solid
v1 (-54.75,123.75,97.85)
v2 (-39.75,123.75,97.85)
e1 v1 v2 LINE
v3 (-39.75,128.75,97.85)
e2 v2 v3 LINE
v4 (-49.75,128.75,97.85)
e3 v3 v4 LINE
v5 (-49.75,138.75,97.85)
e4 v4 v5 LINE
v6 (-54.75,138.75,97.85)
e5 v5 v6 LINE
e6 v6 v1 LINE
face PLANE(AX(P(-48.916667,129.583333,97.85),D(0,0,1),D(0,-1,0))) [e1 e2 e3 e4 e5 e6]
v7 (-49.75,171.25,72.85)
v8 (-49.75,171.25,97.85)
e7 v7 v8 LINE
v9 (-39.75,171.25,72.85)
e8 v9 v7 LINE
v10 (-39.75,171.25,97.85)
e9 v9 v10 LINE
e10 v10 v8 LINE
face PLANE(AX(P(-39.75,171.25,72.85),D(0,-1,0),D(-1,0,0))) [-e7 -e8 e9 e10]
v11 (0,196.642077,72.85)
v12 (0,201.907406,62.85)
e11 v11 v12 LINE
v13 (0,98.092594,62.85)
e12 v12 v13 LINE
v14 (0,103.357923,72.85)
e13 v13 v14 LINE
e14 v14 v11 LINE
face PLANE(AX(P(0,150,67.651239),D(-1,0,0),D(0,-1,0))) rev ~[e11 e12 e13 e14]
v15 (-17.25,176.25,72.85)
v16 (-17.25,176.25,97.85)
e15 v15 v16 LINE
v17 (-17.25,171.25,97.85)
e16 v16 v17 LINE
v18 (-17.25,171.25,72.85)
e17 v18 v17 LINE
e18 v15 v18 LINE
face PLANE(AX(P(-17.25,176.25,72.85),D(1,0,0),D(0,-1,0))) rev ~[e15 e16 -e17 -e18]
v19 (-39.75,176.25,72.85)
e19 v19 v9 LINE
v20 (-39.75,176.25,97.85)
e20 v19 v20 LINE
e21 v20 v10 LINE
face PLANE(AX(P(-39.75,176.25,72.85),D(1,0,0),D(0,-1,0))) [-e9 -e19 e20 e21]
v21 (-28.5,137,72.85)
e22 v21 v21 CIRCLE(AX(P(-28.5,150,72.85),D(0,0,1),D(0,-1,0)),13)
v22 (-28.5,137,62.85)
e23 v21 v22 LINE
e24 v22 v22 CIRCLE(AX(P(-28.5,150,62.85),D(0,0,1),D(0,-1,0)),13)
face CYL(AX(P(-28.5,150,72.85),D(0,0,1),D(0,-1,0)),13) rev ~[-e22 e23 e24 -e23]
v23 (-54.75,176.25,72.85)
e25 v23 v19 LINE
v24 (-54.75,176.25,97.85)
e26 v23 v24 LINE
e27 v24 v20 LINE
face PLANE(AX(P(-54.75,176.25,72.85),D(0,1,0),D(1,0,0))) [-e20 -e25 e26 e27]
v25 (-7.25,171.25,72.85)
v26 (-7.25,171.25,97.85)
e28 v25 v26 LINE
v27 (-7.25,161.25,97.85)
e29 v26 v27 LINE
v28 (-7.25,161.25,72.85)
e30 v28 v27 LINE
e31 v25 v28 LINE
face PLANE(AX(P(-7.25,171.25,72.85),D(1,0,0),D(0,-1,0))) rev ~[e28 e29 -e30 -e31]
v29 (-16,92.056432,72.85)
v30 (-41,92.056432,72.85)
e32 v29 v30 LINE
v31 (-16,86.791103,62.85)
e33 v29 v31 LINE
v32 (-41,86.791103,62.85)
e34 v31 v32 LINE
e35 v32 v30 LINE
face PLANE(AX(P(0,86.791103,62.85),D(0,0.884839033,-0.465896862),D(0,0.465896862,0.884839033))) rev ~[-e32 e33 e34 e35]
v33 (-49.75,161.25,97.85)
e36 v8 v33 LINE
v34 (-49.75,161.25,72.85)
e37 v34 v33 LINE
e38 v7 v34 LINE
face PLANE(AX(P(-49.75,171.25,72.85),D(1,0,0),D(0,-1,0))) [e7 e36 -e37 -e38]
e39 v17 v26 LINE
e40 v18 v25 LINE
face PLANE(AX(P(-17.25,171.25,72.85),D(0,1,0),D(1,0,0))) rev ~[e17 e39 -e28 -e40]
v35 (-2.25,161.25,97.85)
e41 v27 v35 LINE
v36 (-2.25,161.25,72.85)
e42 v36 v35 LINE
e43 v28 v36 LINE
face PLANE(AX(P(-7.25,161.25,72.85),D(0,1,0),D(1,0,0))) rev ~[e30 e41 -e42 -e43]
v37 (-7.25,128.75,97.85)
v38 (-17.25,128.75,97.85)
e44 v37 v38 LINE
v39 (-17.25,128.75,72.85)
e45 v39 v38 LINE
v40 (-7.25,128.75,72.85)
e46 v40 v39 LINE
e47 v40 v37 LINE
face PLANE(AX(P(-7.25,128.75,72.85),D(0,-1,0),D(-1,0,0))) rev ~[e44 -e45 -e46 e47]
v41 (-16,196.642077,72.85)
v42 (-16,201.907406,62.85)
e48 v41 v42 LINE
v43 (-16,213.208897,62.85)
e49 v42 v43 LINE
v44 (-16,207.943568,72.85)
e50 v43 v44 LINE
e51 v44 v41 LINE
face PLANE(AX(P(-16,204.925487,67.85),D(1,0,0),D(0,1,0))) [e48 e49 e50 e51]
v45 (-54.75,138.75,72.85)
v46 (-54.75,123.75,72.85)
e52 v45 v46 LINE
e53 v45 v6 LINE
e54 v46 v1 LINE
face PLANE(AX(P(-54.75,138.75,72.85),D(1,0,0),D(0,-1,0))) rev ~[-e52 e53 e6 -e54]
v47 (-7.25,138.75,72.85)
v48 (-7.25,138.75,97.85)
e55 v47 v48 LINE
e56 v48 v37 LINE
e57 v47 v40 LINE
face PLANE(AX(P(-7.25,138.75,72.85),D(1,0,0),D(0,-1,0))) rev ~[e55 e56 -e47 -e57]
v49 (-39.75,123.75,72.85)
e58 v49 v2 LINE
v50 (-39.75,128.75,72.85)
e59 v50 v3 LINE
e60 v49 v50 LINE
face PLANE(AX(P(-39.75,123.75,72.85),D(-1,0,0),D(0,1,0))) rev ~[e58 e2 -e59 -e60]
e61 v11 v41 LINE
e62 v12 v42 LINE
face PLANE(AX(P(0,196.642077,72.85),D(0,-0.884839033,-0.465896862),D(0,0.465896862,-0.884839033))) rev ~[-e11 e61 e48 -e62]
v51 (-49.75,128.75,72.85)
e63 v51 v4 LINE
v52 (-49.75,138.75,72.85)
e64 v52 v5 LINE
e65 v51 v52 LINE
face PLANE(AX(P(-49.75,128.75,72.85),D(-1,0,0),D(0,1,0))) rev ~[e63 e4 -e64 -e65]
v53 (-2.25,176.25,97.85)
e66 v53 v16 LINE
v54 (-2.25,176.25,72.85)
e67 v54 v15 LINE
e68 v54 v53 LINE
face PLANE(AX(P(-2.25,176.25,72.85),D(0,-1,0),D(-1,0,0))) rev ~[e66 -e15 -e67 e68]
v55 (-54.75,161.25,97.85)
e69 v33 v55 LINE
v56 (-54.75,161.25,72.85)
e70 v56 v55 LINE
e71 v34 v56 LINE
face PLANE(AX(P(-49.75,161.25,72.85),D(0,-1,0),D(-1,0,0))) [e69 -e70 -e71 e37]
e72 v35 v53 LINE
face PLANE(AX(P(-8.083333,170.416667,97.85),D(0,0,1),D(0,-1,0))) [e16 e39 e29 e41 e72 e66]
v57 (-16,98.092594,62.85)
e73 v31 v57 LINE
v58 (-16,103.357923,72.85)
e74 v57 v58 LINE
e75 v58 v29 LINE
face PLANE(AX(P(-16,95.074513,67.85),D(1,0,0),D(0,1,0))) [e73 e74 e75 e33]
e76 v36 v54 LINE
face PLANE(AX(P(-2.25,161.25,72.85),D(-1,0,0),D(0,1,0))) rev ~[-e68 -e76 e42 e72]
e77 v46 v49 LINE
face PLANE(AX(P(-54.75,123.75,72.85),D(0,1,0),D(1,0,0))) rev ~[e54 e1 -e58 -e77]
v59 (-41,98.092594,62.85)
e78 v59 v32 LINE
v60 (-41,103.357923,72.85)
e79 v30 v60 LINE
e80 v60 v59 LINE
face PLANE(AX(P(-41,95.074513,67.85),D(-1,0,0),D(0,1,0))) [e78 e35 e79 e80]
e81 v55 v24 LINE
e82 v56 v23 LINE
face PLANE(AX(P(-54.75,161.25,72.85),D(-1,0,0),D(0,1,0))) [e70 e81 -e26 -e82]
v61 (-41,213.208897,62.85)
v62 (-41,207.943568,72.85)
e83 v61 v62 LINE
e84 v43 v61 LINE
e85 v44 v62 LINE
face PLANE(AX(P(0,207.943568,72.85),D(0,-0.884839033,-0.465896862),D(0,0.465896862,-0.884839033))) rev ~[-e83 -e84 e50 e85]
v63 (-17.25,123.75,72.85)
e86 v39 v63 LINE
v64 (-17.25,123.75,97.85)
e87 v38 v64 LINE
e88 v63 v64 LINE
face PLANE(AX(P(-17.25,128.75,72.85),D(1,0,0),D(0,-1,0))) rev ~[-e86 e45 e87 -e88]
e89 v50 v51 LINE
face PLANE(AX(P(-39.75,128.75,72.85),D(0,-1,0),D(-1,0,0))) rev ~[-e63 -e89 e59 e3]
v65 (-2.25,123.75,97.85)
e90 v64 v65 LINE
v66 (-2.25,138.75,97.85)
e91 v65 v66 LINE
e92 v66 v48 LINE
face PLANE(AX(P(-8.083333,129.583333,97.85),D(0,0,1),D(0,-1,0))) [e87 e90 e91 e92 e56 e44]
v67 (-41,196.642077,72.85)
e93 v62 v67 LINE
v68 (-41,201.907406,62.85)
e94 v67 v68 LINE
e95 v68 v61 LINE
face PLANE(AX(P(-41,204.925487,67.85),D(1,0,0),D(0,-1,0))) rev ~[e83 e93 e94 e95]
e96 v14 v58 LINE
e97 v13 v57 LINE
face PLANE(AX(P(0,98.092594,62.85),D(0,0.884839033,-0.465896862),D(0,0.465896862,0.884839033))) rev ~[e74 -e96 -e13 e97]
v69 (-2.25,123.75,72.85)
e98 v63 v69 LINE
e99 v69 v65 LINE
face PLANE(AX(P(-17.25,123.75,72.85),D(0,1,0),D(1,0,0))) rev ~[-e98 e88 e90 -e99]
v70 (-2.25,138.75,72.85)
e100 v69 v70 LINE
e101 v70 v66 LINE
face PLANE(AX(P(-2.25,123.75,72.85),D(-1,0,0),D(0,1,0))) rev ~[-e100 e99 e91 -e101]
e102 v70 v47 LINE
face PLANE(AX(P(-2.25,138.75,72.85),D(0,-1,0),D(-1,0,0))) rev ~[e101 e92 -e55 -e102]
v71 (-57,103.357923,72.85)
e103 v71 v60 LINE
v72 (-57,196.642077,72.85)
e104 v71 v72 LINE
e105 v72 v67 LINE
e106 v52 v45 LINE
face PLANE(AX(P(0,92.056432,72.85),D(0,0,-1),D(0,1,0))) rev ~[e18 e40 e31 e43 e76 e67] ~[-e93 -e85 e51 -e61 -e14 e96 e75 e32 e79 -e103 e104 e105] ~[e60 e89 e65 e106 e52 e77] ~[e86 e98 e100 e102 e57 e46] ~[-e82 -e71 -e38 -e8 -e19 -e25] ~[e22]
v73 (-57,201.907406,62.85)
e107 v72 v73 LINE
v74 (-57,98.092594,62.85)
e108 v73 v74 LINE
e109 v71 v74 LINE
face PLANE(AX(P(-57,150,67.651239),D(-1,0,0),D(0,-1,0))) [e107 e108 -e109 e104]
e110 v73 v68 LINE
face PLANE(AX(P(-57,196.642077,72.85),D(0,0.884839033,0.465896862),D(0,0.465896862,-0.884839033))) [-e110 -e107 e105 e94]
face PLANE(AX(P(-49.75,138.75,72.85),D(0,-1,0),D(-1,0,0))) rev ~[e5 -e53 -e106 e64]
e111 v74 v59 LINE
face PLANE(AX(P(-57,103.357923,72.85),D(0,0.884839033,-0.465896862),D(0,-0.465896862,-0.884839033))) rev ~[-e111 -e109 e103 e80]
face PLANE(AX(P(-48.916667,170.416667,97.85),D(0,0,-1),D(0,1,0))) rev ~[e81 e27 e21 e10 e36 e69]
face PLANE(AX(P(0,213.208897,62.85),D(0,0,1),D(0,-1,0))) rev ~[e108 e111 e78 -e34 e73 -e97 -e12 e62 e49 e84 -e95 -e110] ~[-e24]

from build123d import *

# Parameters (mm, degrees)
PAD051_DEPTH    = 57
POCKET043_DEPTH = 16
POCKET042_DEPTH = 16
SKETCH097_R     = 13
POCKET047_DEPTH = 10.001
PAD052_DEPTH    = 25


with BuildPart() as part:
    # Sketch095 → Pad051 (new body)
    with BuildSketch(Plane.YZ):
        Polygon((92.056432, 72.85), (207.943568, 72.85), (213.208897, 62.85), (86.791103, 62.85), align=None)
    extrude(amount=-PAD051_DEPTH)

    # Sketch098 (on Face5 of Pad051) → Pocket043 (cut)
    with BuildSketch(Plane.YZ):
        Polygon((86.791103, 62.85), (98.092594, 62.85), (103.357923, 72.85), (92.056432, 72.85), align=None)
        Polygon((207.943568, 72.85), (196.642077, 72.85), (201.907406, 62.85), (213.208897, 62.85), align=None)
    extrude(amount=-POCKET043_DEPTH, mode=Mode.SUBTRACT)

    # Sketch096 (on Face8 of Pocket043) → Pocket042 (cut)
    with BuildSketch(Plane(origin=(-57, 0, 0), x_dir=(0, 1, 0), z_dir=(-1, 0, 0))):
        Polygon((86.791103, -62.85), (92.056432, -72.85), (103.357923, -72.85), (98.092594, -62.85), align=None)
        Polygon((201.907406, -62.85), (213.208897, -62.85), (207.943568, -72.85), (196.642077, -72.85), align=None)
    extrude(amount=-POCKET042_DEPTH, mode=Mode.SUBTRACT)

    # Sketch097 (on Face1 of Pocket042) → Pocket047 (cut, through all)
    with BuildSketch(Plane(origin=(0, 0, 72.85), x_dir=(0, -1, 0), z_dir=(0, 0, 1))):
        with Locations((-150, -28.5)):
            Circle(SKETCH097_R)
    extrude(amount=-POCKET047_DEPTH, mode=Mode.SUBTRACT)

    # Sketch104 (on Face1 of Pocket047) → Pad052 (join)
    with BuildSketch(Plane(origin=(0, 0, 72.85), x_dir=(0, -1, 0), z_dir=(0, 0, 1))):
        Polygon((-176.25, -2.25), (-176.25, -17.25), (-171.25, -17.25), (-171.25, -7.25), (-161.25, -7.25), (-161.25, -2.25), align=None)
        Polygon((-128.75, -7.25), (-128.75, -17.25), (-123.75, -17.25), (-123.75, -2.25), (-138.75, -2.25), (-138.75, -7.25), align=None)
        Polygon((-138.75, -54.75), (-123.75, -54.75), (-123.75, -39.75), (-128.75, -39.75), (-128.75, -49.75), (-138.75, -49.75), align=None)
        Polygon((-171.25, -49.75), (-161.25, -49.75), (-161.25, -54.75), (-176.25, -54.75), (-176.25, -39.75), (-171.25, -39.75), align=None)
    extrude(amount=PAD052_DEPTH)


solid = part.part
